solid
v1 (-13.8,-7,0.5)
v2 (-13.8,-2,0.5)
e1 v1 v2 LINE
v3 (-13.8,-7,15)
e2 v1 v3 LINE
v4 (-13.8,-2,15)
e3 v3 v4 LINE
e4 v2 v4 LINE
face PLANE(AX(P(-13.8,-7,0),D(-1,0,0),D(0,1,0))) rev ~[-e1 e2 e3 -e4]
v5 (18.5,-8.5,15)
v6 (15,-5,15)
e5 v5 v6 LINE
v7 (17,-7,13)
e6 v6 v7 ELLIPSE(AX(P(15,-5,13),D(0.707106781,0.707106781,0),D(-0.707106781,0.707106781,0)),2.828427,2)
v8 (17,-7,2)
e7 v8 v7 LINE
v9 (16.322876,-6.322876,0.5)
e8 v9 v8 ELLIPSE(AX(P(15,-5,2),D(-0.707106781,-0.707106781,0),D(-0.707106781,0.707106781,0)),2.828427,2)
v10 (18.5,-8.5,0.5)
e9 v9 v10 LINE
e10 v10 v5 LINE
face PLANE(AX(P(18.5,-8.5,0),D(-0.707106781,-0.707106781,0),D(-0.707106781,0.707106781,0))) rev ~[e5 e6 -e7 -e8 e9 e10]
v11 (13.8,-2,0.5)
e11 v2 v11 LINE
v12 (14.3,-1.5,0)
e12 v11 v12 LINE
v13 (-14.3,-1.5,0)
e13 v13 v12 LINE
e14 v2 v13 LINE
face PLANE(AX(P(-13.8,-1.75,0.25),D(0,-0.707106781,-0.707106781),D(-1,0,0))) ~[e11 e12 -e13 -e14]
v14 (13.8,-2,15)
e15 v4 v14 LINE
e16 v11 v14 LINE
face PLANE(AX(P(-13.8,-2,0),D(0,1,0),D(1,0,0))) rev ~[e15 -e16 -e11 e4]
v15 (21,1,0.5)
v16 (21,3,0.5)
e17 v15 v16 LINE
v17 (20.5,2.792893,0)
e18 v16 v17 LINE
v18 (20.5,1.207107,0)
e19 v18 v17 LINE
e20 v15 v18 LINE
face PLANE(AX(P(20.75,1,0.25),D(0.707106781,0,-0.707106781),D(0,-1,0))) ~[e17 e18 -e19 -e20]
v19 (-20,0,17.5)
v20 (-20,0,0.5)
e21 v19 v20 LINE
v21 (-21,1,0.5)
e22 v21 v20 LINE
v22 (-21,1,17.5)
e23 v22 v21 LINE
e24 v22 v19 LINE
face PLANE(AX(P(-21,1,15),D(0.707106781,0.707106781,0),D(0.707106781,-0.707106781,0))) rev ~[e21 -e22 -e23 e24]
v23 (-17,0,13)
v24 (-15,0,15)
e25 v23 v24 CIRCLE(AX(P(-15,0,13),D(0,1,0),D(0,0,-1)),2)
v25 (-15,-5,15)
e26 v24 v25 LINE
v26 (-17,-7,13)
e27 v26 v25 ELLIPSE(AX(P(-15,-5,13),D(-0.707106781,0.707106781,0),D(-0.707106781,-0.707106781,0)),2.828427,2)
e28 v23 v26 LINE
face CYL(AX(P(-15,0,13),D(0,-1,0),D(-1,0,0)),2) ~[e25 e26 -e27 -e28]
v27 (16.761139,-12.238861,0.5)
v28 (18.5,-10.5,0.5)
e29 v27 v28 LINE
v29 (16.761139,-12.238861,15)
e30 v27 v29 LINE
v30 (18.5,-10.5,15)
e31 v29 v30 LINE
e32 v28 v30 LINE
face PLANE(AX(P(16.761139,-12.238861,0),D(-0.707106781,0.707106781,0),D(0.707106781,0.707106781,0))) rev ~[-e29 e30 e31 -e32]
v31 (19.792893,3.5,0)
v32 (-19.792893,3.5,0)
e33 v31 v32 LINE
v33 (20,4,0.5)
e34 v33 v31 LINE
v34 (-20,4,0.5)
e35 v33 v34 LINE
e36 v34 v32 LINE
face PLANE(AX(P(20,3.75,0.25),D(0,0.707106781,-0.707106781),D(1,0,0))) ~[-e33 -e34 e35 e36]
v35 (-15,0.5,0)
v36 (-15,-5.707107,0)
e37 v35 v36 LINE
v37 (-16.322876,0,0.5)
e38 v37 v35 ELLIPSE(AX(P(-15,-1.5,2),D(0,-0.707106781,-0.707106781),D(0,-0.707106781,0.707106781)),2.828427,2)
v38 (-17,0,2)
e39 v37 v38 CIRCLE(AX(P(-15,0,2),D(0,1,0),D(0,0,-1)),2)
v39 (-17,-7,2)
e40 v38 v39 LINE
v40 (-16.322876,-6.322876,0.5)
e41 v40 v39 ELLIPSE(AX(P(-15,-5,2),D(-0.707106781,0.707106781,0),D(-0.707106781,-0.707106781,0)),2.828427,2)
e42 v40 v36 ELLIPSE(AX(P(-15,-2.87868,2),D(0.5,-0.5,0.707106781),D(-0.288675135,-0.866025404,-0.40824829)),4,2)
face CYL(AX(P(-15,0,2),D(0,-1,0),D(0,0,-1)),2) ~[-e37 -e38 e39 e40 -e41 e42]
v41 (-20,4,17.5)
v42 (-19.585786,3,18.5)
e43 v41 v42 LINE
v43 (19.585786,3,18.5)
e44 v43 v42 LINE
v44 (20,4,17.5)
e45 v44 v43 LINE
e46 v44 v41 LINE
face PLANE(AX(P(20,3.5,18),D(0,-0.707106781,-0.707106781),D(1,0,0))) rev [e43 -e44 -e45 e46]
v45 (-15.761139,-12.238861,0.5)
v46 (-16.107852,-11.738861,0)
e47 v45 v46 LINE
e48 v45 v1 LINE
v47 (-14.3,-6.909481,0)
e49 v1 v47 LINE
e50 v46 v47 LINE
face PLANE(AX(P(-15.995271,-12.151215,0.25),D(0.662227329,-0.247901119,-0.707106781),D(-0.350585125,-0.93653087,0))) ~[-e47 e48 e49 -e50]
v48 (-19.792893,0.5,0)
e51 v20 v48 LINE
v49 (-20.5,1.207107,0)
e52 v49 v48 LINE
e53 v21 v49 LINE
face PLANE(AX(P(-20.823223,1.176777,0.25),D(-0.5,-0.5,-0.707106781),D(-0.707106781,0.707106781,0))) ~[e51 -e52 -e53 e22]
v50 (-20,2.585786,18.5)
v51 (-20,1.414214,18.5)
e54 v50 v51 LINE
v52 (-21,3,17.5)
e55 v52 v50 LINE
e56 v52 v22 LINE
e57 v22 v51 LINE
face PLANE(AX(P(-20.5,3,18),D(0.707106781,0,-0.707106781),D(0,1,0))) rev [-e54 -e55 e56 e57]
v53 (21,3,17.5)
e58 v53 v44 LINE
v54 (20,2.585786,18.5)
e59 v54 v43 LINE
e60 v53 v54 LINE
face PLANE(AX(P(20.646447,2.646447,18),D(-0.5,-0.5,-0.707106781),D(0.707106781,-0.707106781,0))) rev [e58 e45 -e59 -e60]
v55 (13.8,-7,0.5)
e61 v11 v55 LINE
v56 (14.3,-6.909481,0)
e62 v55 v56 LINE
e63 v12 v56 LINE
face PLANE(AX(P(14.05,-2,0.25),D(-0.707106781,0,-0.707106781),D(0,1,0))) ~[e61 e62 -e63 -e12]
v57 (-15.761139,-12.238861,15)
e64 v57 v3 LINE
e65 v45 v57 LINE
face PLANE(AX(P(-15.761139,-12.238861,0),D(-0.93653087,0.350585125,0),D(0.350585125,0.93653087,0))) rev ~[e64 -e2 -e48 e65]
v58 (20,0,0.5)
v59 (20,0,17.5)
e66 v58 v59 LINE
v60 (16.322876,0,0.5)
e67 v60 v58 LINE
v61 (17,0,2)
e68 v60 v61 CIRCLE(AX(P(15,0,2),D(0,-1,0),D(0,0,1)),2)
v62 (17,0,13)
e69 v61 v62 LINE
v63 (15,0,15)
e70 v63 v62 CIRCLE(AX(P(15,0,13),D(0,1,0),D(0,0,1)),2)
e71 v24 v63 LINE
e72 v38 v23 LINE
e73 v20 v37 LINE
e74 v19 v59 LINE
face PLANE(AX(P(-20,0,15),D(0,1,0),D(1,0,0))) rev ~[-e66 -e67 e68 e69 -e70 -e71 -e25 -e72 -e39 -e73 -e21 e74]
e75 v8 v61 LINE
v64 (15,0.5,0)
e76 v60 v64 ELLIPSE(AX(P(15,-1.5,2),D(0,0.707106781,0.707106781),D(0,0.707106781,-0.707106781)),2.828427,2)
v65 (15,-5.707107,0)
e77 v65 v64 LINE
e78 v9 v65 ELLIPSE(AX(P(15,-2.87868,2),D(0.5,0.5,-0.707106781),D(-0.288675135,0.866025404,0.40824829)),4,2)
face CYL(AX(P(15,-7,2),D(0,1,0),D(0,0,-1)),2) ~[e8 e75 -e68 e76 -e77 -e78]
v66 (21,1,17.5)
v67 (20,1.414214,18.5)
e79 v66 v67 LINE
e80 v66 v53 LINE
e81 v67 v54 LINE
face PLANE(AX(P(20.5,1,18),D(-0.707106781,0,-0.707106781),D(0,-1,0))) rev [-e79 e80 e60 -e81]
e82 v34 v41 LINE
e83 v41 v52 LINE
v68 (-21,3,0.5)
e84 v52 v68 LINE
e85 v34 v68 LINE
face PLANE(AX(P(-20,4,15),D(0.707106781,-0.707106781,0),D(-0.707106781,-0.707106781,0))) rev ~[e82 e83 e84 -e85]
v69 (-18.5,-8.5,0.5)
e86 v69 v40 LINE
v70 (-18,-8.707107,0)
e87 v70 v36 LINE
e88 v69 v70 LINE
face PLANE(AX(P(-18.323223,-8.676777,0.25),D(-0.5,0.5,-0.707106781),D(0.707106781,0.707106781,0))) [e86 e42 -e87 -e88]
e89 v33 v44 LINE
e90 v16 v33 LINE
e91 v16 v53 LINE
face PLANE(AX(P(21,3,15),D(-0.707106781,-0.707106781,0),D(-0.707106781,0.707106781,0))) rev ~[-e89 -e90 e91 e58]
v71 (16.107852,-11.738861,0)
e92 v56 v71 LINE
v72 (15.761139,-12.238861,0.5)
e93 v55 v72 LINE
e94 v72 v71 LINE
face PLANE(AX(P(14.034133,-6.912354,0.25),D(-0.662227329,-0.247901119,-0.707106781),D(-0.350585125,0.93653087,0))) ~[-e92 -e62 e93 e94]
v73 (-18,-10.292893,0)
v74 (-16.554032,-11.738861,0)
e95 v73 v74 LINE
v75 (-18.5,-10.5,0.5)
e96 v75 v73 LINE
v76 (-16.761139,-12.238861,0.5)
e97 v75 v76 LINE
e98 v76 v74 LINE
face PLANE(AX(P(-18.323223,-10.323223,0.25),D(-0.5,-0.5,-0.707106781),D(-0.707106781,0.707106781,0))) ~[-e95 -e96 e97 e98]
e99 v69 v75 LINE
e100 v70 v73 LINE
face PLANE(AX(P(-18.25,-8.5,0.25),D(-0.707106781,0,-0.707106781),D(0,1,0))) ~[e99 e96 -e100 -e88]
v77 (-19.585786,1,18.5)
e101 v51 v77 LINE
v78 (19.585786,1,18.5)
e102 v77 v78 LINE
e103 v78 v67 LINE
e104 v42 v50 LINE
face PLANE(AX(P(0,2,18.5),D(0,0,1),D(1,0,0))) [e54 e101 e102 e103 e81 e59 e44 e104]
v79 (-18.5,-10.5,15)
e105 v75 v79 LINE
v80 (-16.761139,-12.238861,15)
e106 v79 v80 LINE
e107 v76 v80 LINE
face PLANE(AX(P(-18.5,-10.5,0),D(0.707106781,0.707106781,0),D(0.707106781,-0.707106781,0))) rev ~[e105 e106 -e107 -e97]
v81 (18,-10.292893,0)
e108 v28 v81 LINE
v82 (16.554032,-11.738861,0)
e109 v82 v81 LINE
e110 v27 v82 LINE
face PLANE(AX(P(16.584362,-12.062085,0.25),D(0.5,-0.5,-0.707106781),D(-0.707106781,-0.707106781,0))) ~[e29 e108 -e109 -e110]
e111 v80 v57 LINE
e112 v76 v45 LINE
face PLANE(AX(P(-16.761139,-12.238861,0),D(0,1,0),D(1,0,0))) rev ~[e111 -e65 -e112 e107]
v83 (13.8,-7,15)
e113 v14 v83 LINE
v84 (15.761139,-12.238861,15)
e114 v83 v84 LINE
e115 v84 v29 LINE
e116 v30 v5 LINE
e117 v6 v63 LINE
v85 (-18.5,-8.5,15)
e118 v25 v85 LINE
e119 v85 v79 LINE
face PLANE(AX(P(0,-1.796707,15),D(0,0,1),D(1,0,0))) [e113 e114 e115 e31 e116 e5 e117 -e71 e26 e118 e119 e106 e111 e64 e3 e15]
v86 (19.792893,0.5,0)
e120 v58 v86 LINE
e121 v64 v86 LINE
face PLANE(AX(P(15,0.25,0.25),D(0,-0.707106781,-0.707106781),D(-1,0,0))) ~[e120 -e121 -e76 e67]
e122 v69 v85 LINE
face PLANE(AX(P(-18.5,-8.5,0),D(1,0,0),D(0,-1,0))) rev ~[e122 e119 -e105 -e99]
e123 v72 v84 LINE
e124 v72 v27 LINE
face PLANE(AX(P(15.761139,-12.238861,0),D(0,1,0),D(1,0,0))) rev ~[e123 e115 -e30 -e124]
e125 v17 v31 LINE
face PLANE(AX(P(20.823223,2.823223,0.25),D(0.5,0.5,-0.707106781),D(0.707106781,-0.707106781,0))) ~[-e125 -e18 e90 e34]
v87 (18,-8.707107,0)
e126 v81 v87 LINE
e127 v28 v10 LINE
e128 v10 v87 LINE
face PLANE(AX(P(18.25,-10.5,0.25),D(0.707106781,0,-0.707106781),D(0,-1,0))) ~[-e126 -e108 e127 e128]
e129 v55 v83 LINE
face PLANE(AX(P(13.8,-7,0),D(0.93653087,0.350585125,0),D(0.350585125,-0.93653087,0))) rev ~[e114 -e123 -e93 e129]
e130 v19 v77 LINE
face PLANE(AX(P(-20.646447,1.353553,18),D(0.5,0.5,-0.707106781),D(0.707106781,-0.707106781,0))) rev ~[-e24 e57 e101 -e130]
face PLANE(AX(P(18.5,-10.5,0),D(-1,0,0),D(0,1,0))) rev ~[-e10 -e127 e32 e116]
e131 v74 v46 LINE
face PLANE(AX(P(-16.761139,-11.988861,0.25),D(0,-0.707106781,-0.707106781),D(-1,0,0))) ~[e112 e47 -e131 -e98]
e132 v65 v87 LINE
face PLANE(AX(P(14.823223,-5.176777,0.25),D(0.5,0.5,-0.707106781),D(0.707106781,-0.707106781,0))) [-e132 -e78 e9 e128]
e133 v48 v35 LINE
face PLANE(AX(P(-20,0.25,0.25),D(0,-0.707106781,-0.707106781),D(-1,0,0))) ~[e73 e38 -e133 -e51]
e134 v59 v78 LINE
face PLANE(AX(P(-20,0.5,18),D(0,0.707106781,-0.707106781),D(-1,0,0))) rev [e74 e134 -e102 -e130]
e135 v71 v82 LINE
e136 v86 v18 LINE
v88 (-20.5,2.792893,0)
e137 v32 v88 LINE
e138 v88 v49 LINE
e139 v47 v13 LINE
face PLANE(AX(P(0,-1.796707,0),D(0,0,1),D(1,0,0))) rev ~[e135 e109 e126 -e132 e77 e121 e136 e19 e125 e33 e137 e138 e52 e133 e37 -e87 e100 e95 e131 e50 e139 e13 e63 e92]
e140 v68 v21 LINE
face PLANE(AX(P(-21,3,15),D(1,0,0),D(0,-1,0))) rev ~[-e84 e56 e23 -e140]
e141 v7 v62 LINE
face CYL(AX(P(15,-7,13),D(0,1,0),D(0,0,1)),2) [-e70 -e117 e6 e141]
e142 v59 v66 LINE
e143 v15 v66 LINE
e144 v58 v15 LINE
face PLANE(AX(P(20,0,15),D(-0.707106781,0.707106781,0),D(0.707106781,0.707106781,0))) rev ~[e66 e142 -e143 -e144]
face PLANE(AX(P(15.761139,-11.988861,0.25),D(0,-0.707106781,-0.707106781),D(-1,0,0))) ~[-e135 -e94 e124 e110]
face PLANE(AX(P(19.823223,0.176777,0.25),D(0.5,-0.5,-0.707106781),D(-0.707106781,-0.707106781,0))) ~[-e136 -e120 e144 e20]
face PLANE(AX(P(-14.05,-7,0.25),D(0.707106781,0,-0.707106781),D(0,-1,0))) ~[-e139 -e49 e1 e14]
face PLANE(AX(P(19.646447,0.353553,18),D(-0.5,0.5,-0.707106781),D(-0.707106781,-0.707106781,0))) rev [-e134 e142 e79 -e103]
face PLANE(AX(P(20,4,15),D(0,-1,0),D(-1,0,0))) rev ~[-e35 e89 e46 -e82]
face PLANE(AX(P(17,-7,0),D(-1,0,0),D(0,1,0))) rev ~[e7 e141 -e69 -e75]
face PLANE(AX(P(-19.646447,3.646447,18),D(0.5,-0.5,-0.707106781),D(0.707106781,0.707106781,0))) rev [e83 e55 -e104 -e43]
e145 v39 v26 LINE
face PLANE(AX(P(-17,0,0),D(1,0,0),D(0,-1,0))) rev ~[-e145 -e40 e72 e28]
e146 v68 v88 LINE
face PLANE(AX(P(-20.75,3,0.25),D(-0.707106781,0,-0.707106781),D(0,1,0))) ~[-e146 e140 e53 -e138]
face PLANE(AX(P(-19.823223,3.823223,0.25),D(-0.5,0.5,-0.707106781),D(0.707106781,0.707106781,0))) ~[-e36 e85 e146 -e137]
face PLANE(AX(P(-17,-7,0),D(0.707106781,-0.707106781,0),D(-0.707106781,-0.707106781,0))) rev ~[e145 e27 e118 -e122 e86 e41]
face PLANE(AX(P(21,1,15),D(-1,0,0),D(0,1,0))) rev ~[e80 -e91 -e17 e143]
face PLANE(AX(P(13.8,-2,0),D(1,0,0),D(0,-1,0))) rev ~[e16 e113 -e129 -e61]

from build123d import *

# Parameters (mm, degrees)
F1_DEPTH = 15
F3_DEPTH = 3.5
F4_SIZE  = 1
F5_R     = 2
F6_SIZE  = 0.5


with BuildPart() as f1:
    # F0 (on Top) → F1 (new body)
    with BuildSketch(Plane.XY):
        Polygon((-21, 1), (-20, 0), (-17.5, 0), (-17, 0), (-17, -7), (-17.5, -7.5), (-17.5, -10), (-18.5, -10), (-18.5, -10.5), (-16.761138632, -12.238861368), (-15.761138632, -12.238861368), (-13.8, -7), (-13.8, -2), (0, -2), (13.8, -2), (13.8, -7), (15.761138632, -12.238861368), (16.761138632, -12.238861368), (18.5, -10.5), (18.5, -10), (17.5, -10), (17.5, -7.5), (17, -7), (17, 0), (17.5, 0), (20, 0), (21, 1), (21, 3), (20, 4), (0, 4), (-20, 4), (-21, 3), align=None)
        Polygon((-17.5, -10), (-17.5, -7.5), (-18.5, -8.5), (-18.5, -10), align=None)
        Polygon((18.5, -8.5), (17.5, -7.5), (17.5, -10), (18.5, -10), align=None)
    extrude(amount=F1_DEPTH)

    # F2 (on face) → F3 (join)
    with BuildSketch(Plane.XY.offset(15)):
        Polygon((-20, 0), (-17, 0), (17, 0), (20, 0), (21, 1), (21, 3), (20, 4), (-20, 4), (-21, 3), (-21, 1), align=None)
    extrude(amount=F3_DEPTH)

    # F4
    f4_edges = [f1.edges().sort_by_distance(p)[0] for p in [
        (0, 0, 18.5),
        (20.5, 0.5, 18.5),
        (21, 2, 18.5),
        (20.5, 3.5, 18.5),
        (0, 4, 18.5),
        (-20.5, 3.5, 18.5),
        (-21, 2, 18.5),
        (-20.5, 0.5, 18.5),
    ]]
    chamfer(f4_edges, length=F4_SIZE)

    # F5
    f5_edges = [f1.edges().sort_by_distance(p)[0] for p in [
        (-17, -3.5, 0),
        (-17, -3.5, 15),
        (17, -3.5, 0),
        (17, -3.5, 15),
    ]]
    fillet(f5_edges, radius=F5_R)

    # F6
    f6_edges = [f1.edges().sort_by_distance(p)[0] for p in [
        (-16, 0, 0),
        (-18.5, 0, 0),
        (-15, -2.5, 0),
        (-20.5, 0.5, 0),
        (-16, -6, 0),
        (-21, 2, 0),
        (-17.75, -7.75, 0),
        (-20.5, 3.5, 0),
        (-18.5, -9.5, 0),
        (0, 4, 0),
        (-17.630569, -11.369431, 0),
        (20.5, 3.5, 0),
        (-16.261139, -12.238861, 0),
        (21, 2, 0),
        (-14.780569, -9.619431, 0),
        (20.5, 0.5, 0),
        (-13.8, -4.5, 0),
        (18.5, 0, 0),
        (0, -2, 0),
        (16, 0, 0),
        (13.8, -4.5, 0),
        (15, -2.5, 0),
        (14.780569, -9.619431, 0),
        (16, -6, 0),
        (16.261139, -12.238861, 0),
        (17.75, -7.75, 0),
        (17.630569, -11.369431, 0),
        (18.5, -9.5, 0),
    ]]
    chamfer(f6_edges, length=F6_SIZE)


solid = f1.part
